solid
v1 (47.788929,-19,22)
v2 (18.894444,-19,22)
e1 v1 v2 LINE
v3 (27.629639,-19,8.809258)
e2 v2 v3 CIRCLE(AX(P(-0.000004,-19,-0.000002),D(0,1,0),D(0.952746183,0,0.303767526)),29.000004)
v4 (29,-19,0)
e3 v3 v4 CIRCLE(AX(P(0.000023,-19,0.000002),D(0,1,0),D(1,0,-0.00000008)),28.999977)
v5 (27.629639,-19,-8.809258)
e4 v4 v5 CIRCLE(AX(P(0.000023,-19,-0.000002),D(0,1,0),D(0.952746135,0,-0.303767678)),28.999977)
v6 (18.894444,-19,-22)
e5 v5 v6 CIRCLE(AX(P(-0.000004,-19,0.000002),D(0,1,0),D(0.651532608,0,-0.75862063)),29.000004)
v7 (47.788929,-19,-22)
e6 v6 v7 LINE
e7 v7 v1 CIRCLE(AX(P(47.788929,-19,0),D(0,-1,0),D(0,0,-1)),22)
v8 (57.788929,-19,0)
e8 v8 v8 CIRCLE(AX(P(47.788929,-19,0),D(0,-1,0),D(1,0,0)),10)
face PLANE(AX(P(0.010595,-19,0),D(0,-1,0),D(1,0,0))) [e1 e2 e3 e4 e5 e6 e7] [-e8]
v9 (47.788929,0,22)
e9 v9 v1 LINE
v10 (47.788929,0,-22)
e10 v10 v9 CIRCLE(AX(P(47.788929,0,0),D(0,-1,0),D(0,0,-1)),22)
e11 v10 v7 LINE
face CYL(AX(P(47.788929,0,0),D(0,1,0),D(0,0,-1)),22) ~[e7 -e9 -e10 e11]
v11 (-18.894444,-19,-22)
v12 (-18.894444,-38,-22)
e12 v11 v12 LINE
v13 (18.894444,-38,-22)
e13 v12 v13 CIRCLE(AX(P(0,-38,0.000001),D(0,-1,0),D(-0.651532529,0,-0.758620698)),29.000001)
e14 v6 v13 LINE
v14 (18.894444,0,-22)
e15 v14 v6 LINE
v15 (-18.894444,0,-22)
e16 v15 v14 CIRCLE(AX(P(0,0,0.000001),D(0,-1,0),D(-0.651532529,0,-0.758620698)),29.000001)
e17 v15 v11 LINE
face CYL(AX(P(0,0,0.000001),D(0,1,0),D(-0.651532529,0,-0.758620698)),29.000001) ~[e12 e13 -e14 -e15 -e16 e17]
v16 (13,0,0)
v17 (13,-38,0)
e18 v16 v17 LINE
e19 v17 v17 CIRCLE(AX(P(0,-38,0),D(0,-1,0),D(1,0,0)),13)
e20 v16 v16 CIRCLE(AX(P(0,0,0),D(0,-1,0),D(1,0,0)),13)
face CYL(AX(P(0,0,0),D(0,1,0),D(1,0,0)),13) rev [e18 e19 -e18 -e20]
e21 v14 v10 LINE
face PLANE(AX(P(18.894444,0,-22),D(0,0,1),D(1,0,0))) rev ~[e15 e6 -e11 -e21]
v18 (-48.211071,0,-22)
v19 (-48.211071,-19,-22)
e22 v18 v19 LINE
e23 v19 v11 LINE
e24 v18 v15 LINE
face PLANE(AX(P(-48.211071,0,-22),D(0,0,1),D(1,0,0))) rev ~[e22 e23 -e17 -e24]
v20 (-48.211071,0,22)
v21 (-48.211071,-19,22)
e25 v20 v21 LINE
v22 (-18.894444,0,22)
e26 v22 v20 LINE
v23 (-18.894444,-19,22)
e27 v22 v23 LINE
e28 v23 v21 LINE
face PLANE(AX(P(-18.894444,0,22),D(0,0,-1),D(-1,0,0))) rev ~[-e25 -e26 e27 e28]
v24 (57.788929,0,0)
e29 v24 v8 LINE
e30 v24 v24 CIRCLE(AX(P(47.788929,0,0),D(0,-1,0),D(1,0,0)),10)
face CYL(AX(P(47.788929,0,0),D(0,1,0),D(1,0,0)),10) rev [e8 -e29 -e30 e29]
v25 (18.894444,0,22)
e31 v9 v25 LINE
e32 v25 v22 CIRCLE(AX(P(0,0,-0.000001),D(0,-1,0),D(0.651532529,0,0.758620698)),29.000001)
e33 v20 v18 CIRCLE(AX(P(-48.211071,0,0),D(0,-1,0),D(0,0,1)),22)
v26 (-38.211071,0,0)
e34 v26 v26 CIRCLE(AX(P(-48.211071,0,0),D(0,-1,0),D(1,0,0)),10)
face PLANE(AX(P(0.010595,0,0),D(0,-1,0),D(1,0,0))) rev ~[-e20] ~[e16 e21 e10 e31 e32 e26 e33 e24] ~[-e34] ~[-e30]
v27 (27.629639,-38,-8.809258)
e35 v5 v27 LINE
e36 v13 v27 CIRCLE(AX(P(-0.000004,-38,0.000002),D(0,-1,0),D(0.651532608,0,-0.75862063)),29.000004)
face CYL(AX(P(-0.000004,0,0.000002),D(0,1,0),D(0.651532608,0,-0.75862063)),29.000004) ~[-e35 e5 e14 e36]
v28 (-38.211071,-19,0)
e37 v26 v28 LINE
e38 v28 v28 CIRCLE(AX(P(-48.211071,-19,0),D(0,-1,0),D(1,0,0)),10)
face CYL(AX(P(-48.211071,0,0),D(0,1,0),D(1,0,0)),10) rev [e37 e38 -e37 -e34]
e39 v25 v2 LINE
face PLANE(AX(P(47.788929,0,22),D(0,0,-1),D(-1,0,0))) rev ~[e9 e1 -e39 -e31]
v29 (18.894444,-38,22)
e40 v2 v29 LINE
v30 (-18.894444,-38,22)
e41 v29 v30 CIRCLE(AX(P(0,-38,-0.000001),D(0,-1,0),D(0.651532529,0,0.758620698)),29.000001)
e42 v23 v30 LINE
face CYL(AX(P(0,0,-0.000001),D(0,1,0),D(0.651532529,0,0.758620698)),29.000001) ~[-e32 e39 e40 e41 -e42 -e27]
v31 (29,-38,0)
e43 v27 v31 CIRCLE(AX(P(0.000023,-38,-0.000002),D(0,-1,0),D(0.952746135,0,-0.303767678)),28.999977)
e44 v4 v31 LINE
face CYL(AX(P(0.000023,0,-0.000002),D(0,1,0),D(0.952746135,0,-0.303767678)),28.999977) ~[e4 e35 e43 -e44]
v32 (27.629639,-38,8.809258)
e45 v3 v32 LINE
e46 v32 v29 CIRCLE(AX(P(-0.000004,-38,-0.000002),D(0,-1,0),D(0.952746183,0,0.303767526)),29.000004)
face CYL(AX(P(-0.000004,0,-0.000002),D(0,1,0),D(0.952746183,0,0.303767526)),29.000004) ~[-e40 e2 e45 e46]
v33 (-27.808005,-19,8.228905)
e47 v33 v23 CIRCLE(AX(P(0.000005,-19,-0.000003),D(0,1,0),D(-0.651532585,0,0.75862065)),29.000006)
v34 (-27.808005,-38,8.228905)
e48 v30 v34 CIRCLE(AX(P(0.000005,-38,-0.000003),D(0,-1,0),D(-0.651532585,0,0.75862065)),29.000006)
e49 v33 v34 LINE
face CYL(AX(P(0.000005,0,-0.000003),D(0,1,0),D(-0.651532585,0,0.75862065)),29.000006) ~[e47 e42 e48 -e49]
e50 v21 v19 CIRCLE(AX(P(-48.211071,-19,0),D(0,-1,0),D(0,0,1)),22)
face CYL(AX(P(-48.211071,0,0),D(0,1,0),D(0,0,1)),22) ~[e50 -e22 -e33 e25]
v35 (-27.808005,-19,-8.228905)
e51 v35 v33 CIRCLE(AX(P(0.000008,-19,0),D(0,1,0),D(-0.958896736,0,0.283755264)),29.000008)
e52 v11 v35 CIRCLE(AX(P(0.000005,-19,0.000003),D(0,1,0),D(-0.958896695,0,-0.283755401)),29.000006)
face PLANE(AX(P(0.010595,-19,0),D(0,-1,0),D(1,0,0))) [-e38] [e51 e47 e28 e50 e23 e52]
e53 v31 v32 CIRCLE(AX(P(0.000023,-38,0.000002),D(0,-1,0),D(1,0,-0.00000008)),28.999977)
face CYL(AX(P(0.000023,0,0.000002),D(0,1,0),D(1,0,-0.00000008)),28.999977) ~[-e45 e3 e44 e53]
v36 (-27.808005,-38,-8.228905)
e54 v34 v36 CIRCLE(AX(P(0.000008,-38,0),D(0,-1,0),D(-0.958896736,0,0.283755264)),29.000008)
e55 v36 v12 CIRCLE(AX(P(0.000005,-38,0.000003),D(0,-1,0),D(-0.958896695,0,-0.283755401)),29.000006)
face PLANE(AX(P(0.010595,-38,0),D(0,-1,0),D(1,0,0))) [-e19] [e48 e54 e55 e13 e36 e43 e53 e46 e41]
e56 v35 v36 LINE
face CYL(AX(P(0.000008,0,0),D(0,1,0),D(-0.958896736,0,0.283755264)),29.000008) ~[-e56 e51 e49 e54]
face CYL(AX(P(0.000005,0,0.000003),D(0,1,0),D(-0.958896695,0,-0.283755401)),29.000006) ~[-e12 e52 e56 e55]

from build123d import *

# Parameters (mm, degrees)
F0_R     = 13
F0_R_2   = 10
F1_DEPTH = 19
F2_DEPTH = 38


with BuildPart() as f1:
    # F0 (on Front) → F1 (new body)
    with BuildSketch(Plane.XZ):
        with BuildLine():
            ThreePointArc((27.629639, -8.809258), (28.655362, -4.457604), (29, 0))
            ThreePointArc((29, 0), (28.655362, 4.457604), (27.629639, 8.809258))
            ThreePointArc((27.629639, 8.809258), (24.178947, 16.011824), (18.894444, 22))
            ThreePointArc((18.894444, 22), (0, 29), (-18.894444, 22))
            ThreePointArc((-18.894444, 22), (-24.345234, 15.757842), (-27.808005, 8.228905))
            ThreePointArc((-27.808005, 8.228905), (-29, 0), (-27.808005, -8.228905))
            ThreePointArc((-27.808005, -8.228905), (-24.345234, -15.757842), (-18.894444, -22))
            ThreePointArc((-18.894444, -22), (0, -29), (18.894444, -22))
            ThreePointArc((18.894444, -22), (24.178947, -16.011824), (27.629639, -8.809258))
        make_face()
        Circle(F0_R, mode=Mode.SUBTRACT)
        with BuildLine():
            ThreePointArc((27.629639, 8.809258), (28.655362, 4.457604), (29, 0))
            ThreePointArc((29, 0), (28.655362, -4.457604), (27.629639, -8.809258))
            ThreePointArc((27.629639, -8.809258), (35.743259, -18.409287), (47.788929, -22))
            ThreePointArc((47.788929, -22), (69.788929, 0), (47.788929, 22))
            ThreePointArc((47.788929, 22), (35.743259, 18.409287), (27.629639, 8.809258))
        make_face()
        with Locations((47.788929, 0)):
            Circle(F0_R_2, mode=Mode.SUBTRACT)
        with BuildLine():
            ThreePointArc((18.894444, 22), (24.178947, 16.011824), (27.629639, 8.809258))
            ThreePointArc((27.629639, 8.809258), (35.743259, 18.409287), (47.788929, 22))
            Line((47.788929, 22), (18.894444, 22))
        make_face()
        with BuildLine():
            ThreePointArc((47.788929, -22), (35.743259, -18.409287), (27.629639, -8.809258))
            ThreePointArc((27.629639, -8.809258), (24.178947, -16.011824), (18.894444, -22))
            Line((18.894444, -22), (47.788929, -22))
        make_face()
        with BuildLine():
            ThreePointArc((-27.808005, 8.228905), (-24.345234, 15.757842), (-18.894444, 22))
            Line((-18.894444, 22), (-48.211071, 22))
            ThreePointArc((-48.211071, 22), (-35.903267, 18.235075), (-27.808005, 8.228905))
        make_face()
        with BuildLine():
            Line((-48.211071, -22), (-18.894444, -22))
            ThreePointArc((-18.894444, -22), (-24.345234, -15.757842), (-27.808005, -8.228905))
            ThreePointArc((-27.808005, -8.228905), (-35.903267, -18.235075), (-48.211071, -22))
        make_face()
        with BuildLine():
            ThreePointArc((-27.808005, -8.228905), (-29, 0), (-27.808005, 8.228905))
            ThreePointArc((-27.808005, 8.228905), (-35.903267, 18.235075), (-48.211071, 22))
            ThreePointArc((-48.211071, 22), (-70.211071, 0), (-48.211071, -22))
            ThreePointArc((-48.211071, -22), (-35.903267, -18.235075), (-27.808005, -8.228905))
        make_face()
        with Locations((-48.211071, 0)):
            Circle(F0_R_2, mode=Mode.SUBTRACT)
    extrude(amount=F1_DEPTH)

    # F0 (on Front) → F2 (join)
    with BuildSketch(Plane.XZ):
        with BuildLine():
            ThreePointArc((27.629639, -8.809258), (28.655362, -4.457604), (29, 0))
            ThreePointArc((29, 0), (28.655362, 4.457604), (27.629639, 8.809258))
            ThreePointArc((27.629639, 8.809258), (24.178947, 16.011824), (18.894444, 22))
            ThreePointArc((18.894444, 22), (0, 29), (-18.894444, 22))
            ThreePointArc((-18.894444, 22), (-24.345234, 15.757842), (-27.808005, 8.228905))
            ThreePointArc((-27.808005, 8.228905), (-29, 0), (-27.808005, -8.228905))
            ThreePointArc((-27.808005, -8.228905), (-24.345234, -15.757842), (-18.894444, -22))
            ThreePointArc((-18.894444, -22), (0, -29), (18.894444, -22))
            ThreePointArc((18.894444, -22), (24.178947, -16.011824), (27.629639, -8.809258))
        make_face()
        Circle(F0_R, mode=Mode.SUBTRACT)
    extrude(amount=F2_DEPTH)


solid = f1.part
